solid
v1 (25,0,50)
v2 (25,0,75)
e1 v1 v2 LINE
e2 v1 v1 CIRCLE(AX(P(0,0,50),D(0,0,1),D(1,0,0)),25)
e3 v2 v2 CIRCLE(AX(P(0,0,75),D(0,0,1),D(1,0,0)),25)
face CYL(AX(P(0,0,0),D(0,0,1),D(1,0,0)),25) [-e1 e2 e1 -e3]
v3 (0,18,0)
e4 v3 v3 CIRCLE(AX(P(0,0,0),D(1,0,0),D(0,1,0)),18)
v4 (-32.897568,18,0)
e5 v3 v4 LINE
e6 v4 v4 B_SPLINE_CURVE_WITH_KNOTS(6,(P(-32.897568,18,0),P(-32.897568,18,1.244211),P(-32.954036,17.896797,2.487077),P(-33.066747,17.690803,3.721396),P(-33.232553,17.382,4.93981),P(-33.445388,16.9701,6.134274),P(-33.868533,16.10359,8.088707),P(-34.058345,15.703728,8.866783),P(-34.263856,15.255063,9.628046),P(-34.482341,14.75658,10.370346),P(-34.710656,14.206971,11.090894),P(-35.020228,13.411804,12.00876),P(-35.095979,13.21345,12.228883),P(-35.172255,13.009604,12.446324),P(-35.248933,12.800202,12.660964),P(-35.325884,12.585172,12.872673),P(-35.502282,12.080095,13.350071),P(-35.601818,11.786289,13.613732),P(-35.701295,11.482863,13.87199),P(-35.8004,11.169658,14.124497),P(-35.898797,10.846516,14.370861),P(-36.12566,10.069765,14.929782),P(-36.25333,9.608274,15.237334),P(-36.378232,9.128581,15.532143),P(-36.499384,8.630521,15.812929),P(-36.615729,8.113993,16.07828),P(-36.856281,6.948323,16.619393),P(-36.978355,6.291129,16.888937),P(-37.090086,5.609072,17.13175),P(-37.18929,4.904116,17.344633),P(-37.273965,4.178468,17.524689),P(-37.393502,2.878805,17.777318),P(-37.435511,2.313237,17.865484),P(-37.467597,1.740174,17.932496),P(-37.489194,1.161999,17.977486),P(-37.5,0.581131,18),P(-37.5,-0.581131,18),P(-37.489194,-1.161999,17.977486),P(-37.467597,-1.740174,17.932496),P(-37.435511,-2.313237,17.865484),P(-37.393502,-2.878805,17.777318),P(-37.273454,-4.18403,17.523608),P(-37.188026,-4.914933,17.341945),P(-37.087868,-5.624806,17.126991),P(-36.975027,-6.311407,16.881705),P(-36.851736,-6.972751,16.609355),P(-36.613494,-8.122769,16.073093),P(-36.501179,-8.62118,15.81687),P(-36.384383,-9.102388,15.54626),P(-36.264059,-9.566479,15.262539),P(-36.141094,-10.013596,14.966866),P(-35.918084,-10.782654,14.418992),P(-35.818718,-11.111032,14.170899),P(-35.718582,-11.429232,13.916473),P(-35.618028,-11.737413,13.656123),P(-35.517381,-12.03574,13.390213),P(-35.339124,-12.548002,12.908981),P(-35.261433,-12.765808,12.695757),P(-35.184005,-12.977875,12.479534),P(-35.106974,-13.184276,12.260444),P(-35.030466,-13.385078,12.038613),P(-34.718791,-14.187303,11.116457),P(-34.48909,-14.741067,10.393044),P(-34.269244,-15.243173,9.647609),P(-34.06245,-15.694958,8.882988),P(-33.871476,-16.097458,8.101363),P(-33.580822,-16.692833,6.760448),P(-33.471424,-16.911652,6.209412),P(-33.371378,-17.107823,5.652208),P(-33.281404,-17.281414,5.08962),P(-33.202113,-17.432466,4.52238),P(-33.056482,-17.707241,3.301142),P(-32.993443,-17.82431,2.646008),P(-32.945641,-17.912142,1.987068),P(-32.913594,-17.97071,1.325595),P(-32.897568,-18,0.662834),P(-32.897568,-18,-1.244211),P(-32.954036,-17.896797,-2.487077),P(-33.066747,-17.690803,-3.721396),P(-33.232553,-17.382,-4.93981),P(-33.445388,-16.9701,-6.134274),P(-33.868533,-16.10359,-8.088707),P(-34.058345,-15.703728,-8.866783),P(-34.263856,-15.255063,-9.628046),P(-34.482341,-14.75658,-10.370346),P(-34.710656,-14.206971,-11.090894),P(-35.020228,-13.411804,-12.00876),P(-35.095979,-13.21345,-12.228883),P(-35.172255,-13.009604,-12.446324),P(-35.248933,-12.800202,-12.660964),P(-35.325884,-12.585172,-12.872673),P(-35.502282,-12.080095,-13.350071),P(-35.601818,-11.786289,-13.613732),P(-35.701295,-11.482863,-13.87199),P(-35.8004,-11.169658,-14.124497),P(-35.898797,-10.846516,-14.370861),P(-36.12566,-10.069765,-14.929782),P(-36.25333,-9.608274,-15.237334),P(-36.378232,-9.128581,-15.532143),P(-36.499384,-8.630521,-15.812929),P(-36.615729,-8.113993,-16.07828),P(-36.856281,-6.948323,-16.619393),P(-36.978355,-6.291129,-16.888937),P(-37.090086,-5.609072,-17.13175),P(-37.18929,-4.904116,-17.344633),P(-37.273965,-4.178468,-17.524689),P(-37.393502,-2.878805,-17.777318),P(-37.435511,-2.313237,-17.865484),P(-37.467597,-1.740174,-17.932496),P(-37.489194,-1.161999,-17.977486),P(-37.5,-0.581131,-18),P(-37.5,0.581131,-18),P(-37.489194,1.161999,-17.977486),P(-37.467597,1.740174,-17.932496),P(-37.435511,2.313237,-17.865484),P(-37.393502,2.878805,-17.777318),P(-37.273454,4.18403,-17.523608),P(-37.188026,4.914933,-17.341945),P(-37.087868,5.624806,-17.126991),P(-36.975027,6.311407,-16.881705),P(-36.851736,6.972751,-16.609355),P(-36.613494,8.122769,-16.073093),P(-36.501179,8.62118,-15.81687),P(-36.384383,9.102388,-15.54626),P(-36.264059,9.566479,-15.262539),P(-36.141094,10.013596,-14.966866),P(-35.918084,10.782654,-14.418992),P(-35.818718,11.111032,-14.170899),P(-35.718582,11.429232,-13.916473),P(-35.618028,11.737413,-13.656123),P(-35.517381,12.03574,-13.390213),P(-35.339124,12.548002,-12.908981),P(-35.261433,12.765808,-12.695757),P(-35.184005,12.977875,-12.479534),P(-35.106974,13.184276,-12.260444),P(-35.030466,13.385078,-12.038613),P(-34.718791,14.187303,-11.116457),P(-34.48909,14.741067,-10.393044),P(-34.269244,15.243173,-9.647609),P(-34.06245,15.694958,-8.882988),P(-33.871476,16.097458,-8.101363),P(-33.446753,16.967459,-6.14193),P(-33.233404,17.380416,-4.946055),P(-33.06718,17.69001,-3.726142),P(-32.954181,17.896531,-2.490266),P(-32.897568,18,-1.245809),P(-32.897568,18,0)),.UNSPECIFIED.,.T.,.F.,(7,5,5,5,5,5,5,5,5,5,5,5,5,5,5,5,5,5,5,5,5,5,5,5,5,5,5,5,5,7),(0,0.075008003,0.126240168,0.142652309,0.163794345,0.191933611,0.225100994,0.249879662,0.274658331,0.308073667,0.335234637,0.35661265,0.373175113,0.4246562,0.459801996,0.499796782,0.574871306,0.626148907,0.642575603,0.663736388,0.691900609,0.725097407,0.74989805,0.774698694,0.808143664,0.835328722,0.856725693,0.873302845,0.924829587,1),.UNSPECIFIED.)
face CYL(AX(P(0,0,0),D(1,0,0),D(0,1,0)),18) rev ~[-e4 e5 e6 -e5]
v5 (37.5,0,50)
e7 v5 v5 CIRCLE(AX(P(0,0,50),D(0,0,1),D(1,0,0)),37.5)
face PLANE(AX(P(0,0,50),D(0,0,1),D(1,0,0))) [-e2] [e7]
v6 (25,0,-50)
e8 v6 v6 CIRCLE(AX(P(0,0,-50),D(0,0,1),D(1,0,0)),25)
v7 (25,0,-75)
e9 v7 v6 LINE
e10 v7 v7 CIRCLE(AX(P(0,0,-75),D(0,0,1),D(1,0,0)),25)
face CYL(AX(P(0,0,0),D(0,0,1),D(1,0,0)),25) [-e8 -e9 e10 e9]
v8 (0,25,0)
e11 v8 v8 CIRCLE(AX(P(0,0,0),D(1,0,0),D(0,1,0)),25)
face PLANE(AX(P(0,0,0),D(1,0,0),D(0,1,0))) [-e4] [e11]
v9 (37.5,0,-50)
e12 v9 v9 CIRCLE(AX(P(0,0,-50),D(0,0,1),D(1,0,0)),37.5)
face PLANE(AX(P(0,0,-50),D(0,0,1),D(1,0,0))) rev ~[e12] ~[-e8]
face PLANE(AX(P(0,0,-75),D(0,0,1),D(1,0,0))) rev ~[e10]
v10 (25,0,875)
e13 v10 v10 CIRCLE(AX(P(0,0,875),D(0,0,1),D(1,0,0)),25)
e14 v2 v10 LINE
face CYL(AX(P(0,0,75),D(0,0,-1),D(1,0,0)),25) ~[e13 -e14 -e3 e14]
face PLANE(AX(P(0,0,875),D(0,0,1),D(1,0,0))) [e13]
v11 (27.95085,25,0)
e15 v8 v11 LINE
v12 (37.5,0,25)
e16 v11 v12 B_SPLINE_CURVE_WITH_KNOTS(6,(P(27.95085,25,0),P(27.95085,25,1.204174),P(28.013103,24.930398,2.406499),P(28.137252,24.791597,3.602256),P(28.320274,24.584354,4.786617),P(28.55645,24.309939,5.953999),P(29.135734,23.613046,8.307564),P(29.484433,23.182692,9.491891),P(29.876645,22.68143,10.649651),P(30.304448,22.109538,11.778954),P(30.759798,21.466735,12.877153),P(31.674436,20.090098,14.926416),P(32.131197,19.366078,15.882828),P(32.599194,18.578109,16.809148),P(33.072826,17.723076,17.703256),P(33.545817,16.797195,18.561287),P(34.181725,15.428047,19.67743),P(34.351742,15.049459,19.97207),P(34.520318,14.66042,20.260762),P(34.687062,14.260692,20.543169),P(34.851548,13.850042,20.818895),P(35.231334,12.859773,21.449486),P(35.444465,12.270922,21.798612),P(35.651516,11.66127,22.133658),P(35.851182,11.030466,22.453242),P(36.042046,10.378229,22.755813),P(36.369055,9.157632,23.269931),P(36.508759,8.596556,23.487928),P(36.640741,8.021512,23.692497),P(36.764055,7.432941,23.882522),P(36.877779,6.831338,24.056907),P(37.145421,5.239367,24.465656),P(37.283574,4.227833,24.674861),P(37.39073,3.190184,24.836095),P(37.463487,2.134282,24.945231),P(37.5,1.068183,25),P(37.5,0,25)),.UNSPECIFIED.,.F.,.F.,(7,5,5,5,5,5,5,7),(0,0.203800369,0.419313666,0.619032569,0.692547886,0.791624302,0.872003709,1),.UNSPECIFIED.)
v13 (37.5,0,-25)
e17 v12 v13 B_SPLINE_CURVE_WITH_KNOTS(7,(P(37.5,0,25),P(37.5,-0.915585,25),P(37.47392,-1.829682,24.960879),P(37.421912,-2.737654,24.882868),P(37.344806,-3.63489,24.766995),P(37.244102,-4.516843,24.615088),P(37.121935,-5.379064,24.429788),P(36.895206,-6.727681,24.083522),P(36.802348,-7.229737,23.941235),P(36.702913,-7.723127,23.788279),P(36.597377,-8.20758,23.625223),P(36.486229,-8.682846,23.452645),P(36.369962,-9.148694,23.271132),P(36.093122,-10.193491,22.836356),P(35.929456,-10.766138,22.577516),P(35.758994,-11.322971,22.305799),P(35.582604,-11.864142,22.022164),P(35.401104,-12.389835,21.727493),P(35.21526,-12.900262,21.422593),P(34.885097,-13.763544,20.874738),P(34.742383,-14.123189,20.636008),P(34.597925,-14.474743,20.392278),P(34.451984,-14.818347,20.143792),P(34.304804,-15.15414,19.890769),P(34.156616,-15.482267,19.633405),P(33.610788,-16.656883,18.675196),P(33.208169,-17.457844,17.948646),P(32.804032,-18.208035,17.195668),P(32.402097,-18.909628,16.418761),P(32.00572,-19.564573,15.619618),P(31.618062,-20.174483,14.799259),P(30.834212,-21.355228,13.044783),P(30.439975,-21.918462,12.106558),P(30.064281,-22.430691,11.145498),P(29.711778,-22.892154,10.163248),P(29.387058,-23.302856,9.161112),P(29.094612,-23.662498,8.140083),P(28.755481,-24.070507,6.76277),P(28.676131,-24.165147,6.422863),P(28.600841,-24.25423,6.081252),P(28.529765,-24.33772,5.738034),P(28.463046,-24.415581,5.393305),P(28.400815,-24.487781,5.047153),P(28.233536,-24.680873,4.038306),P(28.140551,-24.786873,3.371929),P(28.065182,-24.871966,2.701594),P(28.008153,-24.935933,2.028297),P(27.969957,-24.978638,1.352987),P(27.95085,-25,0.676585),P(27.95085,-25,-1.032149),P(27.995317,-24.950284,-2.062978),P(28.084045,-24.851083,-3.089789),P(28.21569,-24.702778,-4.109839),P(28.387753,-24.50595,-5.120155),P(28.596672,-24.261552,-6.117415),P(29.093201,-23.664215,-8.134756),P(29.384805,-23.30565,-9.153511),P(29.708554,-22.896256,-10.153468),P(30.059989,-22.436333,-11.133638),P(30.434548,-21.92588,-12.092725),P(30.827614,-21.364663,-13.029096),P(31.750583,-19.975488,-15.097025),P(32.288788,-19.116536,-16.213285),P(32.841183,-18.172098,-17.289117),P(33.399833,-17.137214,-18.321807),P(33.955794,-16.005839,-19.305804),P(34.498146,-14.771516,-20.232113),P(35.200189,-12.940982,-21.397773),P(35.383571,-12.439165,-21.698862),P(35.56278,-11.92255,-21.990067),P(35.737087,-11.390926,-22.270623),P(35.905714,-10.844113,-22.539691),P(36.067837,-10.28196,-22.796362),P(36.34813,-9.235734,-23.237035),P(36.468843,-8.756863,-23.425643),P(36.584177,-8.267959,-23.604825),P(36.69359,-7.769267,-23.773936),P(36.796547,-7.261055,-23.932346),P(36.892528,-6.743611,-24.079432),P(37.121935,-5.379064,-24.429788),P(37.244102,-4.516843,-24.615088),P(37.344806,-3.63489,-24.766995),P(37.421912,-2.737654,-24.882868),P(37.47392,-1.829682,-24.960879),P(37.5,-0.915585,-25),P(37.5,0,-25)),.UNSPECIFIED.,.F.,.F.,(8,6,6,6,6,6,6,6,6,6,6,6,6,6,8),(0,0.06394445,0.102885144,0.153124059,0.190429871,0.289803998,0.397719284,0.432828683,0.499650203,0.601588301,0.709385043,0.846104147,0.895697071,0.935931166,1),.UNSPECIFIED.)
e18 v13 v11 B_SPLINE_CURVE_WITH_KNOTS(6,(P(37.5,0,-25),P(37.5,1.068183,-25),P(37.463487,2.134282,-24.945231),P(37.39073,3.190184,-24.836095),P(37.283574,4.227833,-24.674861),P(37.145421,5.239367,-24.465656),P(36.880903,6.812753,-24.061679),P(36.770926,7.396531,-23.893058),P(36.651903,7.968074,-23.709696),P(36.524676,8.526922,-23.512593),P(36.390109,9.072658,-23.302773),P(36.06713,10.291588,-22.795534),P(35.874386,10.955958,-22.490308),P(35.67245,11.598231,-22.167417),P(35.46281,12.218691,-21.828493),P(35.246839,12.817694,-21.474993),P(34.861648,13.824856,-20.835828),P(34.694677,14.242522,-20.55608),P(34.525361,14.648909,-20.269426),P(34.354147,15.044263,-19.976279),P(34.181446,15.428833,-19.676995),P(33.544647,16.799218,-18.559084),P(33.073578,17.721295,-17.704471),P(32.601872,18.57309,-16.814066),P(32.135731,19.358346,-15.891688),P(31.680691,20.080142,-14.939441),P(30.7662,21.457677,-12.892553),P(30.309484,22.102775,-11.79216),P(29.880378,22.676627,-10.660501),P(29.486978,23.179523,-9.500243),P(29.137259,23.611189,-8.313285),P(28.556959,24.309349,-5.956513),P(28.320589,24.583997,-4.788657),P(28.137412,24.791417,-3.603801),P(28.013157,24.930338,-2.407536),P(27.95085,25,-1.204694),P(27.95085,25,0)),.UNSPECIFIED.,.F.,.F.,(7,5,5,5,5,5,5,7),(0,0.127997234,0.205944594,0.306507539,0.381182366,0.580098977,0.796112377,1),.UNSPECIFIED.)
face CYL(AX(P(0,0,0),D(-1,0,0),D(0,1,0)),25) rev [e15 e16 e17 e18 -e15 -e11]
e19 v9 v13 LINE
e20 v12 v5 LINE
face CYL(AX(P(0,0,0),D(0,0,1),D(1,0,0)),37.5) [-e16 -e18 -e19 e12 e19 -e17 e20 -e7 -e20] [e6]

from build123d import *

# Parameters (mm, degrees)
F0_R     = 25
F1_DEPTH = 75
F0_R_2   = 37.5
F2_DEPTH = 50
F3_R     = 18
F4_DEPTH = 37.501
F5_R     = 25
F6_DEPTH = 37.5010001
F7_R     = 25
F8_DEPTH = 800


with BuildPart() as f1:
    # F0 (on Top) → F1 (new body, symmetric)
    with BuildSketch(Plane.XY):
        Circle(F0_R)
    extrude(amount=F1_DEPTH, both=True)

    # F0 (on Top) → F2 (join, symmetric)
    with BuildSketch(Plane.XY):
        Circle(F0_R_2)
        Circle(F0_R, mode=Mode.SUBTRACT)
    extrude(amount=F2_DEPTH, both=True)

    # F3 (on Right) → F4 (cut, through all)
    with BuildSketch(Plane.YZ):
        Circle(F3_R)
    extrude(amount=-F4_DEPTH, mode=Mode.SUBTRACT)

    # F5 (on Right) → F6 (cut, through all)
    with BuildSketch(Plane.YZ):
        Circle(F5_R)
    extrude(amount=F6_DEPTH, mode=Mode.SUBTRACT)

    # F7 (on face) → F8 (join)
    with BuildSketch(Plane.XY.offset(75)):
        Circle(F7_R)
    extrude(amount=F8_DEPTH)


solid = f1.part
